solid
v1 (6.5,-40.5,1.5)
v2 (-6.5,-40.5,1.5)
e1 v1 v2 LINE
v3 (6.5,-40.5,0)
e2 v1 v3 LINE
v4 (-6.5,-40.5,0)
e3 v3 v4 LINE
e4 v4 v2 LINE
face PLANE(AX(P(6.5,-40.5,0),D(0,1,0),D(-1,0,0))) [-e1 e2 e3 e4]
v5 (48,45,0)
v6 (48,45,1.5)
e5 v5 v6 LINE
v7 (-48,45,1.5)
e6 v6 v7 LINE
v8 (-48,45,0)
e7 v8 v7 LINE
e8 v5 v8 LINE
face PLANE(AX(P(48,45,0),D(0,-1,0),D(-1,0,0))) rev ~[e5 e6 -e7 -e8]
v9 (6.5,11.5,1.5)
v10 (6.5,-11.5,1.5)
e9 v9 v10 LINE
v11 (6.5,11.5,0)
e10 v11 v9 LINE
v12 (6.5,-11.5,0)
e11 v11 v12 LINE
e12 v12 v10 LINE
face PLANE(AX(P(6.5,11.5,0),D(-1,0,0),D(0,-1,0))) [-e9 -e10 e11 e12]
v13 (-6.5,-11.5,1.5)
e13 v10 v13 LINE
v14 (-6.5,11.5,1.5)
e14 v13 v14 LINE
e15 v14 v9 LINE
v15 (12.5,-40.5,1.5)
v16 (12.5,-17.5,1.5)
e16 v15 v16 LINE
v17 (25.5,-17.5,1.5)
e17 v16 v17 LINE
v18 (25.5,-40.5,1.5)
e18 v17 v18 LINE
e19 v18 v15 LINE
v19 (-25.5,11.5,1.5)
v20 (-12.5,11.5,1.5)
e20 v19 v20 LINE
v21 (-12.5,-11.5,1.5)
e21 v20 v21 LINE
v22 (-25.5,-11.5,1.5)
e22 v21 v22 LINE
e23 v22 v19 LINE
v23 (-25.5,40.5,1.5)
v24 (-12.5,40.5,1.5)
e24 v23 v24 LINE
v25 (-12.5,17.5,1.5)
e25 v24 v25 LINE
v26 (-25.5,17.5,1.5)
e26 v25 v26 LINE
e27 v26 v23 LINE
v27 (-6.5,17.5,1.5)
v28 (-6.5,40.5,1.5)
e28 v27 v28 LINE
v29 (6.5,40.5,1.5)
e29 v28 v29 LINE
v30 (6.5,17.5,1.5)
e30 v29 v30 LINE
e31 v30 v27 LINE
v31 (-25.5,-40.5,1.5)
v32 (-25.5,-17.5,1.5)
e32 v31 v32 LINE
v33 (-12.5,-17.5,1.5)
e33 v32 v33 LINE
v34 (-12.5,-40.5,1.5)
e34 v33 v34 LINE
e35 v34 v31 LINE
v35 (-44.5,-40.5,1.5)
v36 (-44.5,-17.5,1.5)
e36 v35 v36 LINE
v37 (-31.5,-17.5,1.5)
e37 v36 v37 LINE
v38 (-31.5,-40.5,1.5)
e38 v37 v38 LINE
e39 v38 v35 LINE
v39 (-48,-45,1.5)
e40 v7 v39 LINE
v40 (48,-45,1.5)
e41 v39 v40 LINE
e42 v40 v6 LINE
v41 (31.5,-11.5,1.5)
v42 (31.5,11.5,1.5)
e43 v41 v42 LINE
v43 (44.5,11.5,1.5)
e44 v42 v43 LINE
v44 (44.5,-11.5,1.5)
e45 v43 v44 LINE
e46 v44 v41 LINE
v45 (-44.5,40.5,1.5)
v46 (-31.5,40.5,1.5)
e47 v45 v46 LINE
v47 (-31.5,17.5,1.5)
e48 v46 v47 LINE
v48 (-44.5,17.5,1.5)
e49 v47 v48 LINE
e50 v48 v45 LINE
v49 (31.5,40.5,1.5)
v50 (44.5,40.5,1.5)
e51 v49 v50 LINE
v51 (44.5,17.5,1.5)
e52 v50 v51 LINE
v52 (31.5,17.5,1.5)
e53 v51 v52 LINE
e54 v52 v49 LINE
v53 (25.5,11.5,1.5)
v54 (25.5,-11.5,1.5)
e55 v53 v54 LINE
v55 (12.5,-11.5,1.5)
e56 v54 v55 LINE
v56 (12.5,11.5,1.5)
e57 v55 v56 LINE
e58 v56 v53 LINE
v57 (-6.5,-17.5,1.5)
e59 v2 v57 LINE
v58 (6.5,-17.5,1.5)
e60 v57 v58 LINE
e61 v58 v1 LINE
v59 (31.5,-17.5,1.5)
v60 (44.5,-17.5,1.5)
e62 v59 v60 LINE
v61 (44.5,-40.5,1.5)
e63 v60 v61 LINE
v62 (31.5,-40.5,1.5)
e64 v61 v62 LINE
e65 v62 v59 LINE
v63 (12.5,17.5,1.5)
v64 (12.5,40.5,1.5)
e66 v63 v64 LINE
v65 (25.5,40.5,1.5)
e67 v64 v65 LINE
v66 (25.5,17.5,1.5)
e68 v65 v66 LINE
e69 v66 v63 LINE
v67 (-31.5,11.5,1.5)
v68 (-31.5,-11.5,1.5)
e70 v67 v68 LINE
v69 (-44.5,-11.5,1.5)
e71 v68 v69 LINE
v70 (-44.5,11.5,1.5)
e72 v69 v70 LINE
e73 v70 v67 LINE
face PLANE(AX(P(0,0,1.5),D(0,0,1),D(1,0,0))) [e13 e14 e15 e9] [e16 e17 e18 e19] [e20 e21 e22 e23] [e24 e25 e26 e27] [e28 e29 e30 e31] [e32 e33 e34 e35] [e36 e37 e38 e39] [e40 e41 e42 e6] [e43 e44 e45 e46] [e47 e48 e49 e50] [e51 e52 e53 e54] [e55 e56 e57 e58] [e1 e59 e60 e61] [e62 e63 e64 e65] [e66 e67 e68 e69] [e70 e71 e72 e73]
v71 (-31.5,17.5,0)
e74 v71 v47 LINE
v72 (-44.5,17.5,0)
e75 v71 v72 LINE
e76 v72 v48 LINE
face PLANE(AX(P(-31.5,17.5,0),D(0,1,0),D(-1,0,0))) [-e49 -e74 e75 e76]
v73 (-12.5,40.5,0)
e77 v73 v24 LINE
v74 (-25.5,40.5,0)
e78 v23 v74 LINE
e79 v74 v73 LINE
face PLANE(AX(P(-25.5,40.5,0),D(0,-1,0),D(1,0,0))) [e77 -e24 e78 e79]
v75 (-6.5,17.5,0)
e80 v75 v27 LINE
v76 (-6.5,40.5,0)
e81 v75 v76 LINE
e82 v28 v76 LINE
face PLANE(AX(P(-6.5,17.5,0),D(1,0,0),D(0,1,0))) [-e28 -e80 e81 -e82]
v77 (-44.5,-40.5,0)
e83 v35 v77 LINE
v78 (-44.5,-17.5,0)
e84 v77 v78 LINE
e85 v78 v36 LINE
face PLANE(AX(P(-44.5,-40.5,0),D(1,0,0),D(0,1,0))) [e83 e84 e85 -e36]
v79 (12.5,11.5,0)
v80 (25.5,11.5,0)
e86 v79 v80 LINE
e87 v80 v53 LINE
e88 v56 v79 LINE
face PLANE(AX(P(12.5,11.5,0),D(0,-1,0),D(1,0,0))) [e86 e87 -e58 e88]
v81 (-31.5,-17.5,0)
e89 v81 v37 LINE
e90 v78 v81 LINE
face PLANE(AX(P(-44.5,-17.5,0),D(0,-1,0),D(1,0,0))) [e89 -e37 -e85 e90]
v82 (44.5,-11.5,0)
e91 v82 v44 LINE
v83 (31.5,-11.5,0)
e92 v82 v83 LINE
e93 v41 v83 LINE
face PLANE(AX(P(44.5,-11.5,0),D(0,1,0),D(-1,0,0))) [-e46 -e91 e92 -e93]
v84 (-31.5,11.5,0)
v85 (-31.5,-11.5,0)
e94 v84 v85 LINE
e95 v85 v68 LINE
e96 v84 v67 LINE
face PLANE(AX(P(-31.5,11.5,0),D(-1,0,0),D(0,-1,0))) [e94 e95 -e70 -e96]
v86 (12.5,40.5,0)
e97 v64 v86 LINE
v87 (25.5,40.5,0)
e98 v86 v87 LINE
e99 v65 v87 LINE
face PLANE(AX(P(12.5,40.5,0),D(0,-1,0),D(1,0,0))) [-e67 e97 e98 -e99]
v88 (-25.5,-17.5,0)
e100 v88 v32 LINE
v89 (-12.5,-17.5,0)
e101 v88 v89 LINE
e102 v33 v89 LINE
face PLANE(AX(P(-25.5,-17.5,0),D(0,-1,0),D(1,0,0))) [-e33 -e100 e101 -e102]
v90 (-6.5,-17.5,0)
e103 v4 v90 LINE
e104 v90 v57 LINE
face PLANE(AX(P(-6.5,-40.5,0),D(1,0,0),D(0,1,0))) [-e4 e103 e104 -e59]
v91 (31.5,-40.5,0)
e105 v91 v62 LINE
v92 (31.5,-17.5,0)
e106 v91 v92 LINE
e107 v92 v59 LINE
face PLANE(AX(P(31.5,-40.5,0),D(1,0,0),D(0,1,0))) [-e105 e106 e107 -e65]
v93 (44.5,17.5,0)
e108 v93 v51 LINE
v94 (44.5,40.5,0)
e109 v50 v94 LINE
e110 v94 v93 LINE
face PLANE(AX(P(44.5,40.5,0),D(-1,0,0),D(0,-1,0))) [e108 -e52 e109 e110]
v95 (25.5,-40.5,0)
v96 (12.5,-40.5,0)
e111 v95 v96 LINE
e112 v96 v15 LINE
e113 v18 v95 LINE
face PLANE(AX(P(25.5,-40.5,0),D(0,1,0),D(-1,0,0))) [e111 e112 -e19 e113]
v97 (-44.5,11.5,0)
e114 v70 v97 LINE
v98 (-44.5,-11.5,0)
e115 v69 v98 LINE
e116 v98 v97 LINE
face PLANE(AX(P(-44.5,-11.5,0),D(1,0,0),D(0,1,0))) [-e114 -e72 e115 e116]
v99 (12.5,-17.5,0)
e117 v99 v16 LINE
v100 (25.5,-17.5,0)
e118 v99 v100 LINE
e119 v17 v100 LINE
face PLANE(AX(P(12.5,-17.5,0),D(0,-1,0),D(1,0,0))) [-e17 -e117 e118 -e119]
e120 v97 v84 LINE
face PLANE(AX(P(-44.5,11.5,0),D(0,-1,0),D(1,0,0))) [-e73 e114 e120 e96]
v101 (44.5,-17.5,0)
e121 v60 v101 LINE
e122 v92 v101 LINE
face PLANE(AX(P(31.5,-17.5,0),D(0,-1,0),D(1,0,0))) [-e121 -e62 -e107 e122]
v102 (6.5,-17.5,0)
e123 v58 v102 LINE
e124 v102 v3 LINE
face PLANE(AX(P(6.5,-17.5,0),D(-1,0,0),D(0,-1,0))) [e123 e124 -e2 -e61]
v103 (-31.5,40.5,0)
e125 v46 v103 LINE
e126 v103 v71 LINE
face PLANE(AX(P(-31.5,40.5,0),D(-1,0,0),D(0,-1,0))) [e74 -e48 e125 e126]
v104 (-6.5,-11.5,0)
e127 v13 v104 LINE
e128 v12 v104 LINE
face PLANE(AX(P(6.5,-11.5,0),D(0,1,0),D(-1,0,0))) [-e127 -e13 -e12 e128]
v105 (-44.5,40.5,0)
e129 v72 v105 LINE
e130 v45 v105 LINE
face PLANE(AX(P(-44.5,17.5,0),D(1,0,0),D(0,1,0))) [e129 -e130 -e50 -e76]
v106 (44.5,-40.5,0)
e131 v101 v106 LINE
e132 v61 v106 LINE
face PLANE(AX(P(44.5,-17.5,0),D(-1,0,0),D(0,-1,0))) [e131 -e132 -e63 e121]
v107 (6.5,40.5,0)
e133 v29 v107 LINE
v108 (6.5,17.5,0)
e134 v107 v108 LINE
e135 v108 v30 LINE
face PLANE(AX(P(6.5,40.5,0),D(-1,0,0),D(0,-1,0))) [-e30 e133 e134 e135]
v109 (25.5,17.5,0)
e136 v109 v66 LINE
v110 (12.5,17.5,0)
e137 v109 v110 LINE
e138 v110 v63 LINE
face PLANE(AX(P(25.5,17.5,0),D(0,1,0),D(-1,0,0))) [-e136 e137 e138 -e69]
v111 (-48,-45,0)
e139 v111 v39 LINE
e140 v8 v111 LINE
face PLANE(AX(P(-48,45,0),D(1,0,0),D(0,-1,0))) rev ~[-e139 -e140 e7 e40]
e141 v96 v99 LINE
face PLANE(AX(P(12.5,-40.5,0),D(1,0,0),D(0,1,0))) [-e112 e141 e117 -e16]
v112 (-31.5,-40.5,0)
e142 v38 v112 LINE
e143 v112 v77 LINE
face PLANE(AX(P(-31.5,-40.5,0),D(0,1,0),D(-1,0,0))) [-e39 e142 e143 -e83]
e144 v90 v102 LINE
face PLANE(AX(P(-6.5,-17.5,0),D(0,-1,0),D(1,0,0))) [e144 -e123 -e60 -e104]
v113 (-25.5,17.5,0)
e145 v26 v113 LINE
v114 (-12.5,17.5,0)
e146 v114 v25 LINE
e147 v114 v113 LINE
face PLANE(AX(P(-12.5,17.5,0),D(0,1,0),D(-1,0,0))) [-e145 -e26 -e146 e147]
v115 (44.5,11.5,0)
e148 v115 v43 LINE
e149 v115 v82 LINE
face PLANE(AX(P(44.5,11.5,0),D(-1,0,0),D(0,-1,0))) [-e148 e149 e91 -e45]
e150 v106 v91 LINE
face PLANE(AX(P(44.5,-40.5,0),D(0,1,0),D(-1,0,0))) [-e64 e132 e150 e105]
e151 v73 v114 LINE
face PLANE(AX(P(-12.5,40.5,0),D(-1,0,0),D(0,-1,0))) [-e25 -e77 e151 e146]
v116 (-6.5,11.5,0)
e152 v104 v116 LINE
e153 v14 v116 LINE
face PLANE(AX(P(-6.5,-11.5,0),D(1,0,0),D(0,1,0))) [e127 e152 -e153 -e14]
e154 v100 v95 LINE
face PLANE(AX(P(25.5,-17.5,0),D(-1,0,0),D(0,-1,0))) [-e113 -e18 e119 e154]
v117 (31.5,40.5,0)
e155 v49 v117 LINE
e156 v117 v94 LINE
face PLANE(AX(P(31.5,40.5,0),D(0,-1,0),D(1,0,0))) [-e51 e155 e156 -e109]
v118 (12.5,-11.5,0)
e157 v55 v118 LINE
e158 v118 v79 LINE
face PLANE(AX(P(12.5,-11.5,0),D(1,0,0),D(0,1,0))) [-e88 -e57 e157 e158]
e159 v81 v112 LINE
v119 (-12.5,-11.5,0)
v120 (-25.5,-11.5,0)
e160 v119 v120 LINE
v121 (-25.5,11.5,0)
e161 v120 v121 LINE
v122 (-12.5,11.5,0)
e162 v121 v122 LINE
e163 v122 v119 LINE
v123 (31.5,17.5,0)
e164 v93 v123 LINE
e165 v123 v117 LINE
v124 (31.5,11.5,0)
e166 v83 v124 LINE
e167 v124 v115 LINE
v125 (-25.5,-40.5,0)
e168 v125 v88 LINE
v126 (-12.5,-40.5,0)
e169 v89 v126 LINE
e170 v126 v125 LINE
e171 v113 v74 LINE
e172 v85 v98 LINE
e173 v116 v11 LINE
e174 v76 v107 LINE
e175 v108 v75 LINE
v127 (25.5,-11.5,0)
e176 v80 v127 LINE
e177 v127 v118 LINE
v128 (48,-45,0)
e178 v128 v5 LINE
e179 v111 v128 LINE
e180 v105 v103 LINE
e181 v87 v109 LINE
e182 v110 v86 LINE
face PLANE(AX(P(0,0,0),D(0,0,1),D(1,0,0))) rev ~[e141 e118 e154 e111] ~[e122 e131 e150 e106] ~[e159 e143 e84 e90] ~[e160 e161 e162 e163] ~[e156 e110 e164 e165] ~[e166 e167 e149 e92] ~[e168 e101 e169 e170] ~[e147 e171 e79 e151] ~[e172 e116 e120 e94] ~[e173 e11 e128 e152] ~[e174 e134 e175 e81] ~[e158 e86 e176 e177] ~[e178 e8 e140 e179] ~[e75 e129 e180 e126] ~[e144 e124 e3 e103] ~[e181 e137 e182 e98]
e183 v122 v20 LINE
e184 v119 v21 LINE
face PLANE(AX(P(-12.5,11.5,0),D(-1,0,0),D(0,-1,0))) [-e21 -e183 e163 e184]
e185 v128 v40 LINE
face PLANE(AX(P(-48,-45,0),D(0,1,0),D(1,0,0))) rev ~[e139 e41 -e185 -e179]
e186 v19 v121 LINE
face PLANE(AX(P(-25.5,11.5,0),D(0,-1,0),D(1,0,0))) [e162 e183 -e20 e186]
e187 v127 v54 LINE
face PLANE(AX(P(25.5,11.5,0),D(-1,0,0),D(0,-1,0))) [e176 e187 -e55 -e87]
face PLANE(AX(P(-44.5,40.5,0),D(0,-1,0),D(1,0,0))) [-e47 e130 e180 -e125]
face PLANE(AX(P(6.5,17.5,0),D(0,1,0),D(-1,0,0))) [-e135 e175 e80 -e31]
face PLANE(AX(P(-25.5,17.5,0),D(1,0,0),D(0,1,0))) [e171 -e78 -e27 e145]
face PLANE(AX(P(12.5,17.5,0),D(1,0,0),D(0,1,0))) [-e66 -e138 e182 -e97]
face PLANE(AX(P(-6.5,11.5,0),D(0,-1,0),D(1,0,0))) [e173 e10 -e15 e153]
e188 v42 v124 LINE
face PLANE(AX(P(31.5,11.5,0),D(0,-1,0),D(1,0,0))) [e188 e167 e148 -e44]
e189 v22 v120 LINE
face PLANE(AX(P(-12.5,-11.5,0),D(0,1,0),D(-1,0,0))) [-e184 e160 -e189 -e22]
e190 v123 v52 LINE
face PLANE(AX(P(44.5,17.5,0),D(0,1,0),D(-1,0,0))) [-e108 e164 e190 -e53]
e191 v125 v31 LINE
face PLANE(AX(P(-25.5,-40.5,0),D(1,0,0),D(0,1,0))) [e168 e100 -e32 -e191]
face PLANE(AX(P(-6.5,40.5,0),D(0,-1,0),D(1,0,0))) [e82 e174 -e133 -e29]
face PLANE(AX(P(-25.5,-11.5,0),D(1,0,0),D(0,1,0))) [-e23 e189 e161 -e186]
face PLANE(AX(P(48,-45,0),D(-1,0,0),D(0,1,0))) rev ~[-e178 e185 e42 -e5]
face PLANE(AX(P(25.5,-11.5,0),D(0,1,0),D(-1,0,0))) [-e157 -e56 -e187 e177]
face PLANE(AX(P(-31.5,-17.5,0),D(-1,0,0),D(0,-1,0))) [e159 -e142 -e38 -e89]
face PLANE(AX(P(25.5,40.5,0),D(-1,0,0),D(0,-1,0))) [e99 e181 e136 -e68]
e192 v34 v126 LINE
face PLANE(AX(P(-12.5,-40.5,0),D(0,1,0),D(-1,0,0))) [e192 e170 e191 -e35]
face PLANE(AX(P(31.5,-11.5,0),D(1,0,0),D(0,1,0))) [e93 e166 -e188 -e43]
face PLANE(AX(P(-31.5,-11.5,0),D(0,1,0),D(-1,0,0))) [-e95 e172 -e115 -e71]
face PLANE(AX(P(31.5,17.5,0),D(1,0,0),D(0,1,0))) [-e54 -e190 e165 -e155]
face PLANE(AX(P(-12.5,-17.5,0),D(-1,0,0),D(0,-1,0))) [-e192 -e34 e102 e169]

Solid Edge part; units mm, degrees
sketch "Sketch1" plane through (0, 0, 0) normal (0, 0, 1) x (1, 0, 0)
  line L0 (-48, 45) -> (-48, -45)
  line L1 (-48, -45) -> (48, -45)
  line L2 (48, -45) -> (48, 45)
  line L3 (48, 45) -> (-48, 45)
extrude "Protrusion1" add sketch "Sketch1" along normal blind 1.5
sketch "Sketch2" plane through (0, 0, 0) normal (0, 0, -1) x (1, 0, 0)
  line L0 (-31.5, 17.5) -> (-31.5, 40.5)
  line L1 (-31.5, 40.5) -> (-44.5, 40.5)
  line L2 (-44.5, 40.5) -> (-44.5, 17.5)
  line L3 (-44.5, 17.5) -> (-31.5, 17.5)
  line L4 (-25.5, 17.5) -> (-12.5, 17.5)
  line L5 (-12.5, 17.5) -> (-12.5, 40.5)
  line L6 (-12.5, 40.5) -> (-25.5, 40.5)
  line L7 (-25.5, 40.5) -> (-25.5, 17.5)
  line L8 (-6.5, 17.5) -> (6.5, 17.5)
  line L9 (6.5, 17.5) -> (6.5, 40.5)
  line L10 (6.5, 40.5) -> (-6.5, 40.5)
  line L11 (-6.5, 40.5) -> (-6.5, 17.5)
  line L12 (12.5, 17.5) -> (25.5, 17.5)
  line L13 (25.5, 17.5) -> (25.5, 40.5)
  line L14 (25.5, 40.5) -> (12.5, 40.5)
  line L15 (12.5, 40.5) -> (12.5, 17.5)
  line L16 (31.5, 17.5) -> (44.5, 17.5)
  line L17 (44.5, 17.5) -> (44.5, 40.5)
  line L18 (44.5, 40.5) -> (31.5, 40.5)
  line L19 (31.5, 40.5) -> (31.5, 17.5)
  line L20 (44.5, 11.5) -> (31.5, 11.5)
  line L21 (31.5, 11.5) -> (31.5, -11.5)
  line L22 (31.5, -11.5) -> (44.5, -11.5)
  line L23 (44.5, -11.5) -> (44.5, 11.5)
  line L24 (25.5, 11.5) -> (12.5, 11.5)
  line L25 (12.5, 11.5) -> (12.5, -11.5)
  line L26 (12.5, -11.5) -> (25.5, -11.5)
  line L27 (25.5, -11.5) -> (25.5, 11.5)
  line L28 (6.5, 11.5) -> (-6.5, 11.5)
  line L29 (-6.5, 11.5) -> (-6.5, -11.5)
  line L30 (-6.5, -11.5) -> (6.5, -11.5)
  line L31 (6.5, -11.5) -> (6.5, 11.5)
  line L32 (-12.5, 11.5) -> (-25.5, 11.5)
  line L33 (-25.5, 11.5) -> (-25.5, -11.5)
  line L34 (-25.5, -11.5) -> (-12.5, -11.5)
  line L35 (-12.5, -11.5) -> (-12.5, 11.5)
  line L36 (-31.5, 11.5) -> (-44.5, 11.5)
  line L37 (-44.5, 11.5) -> (-44.5, -11.5)
  line L38 (-44.5, -11.5) -> (-31.5, -11.5)
  line L39 (-31.5, -11.5) -> (-31.5, 11.5)
  line L40 (-44.5, -17.5) -> (-44.5, -40.5)
  line L41 (-44.5, -40.5) -> (-31.5, -40.5)
  line L42 (-31.5, -40.5) -> (-31.5, -17.5)
  line L43 (-31.5, -17.5) -> (-44.5, -17.5)
  line L44 (-12.5, -17.5) -> (-25.5, -17.5)
  line L45 (-25.5, -17.5) -> (-25.5, -40.5)
  line L46 (-25.5, -40.5) -> (-12.5, -40.5)
  line L47 (-12.5, -40.5) -> (-12.5, -17.5)
  line L48 (-6.5, -17.5) -> (-6.5, -40.5)
  line L49 (-6.5, -40.5) -> (6.5, -40.5)
  line L50 (6.5, -40.5) -> (6.5, -17.5)
  line L51 (6.5, -17.5) -> (-6.5, -17.5)
  line L52 (12.5, -17.5) -> (12.5, -40.5)
  line L53 (12.5, -40.5) -> (25.5, -40.5)
  line L54 (25.5, -40.5) -> (25.5, -17.5)
  line L55 (25.5, -17.5) -> (12.5, -17.5)
  line L56 (31.5, -17.5) -> (31.5, -40.5)
  line L57 (31.5, -40.5) -> (44.5, -40.5)
  line L58 (44.5, -40.5) -> (44.5, -17.5)
  line L59 (44.5, -17.5) -> (31.5, -17.5)
extrude "ExtrudedCutout_1" cut sketch "Sketch2" along normal mid plane 80
